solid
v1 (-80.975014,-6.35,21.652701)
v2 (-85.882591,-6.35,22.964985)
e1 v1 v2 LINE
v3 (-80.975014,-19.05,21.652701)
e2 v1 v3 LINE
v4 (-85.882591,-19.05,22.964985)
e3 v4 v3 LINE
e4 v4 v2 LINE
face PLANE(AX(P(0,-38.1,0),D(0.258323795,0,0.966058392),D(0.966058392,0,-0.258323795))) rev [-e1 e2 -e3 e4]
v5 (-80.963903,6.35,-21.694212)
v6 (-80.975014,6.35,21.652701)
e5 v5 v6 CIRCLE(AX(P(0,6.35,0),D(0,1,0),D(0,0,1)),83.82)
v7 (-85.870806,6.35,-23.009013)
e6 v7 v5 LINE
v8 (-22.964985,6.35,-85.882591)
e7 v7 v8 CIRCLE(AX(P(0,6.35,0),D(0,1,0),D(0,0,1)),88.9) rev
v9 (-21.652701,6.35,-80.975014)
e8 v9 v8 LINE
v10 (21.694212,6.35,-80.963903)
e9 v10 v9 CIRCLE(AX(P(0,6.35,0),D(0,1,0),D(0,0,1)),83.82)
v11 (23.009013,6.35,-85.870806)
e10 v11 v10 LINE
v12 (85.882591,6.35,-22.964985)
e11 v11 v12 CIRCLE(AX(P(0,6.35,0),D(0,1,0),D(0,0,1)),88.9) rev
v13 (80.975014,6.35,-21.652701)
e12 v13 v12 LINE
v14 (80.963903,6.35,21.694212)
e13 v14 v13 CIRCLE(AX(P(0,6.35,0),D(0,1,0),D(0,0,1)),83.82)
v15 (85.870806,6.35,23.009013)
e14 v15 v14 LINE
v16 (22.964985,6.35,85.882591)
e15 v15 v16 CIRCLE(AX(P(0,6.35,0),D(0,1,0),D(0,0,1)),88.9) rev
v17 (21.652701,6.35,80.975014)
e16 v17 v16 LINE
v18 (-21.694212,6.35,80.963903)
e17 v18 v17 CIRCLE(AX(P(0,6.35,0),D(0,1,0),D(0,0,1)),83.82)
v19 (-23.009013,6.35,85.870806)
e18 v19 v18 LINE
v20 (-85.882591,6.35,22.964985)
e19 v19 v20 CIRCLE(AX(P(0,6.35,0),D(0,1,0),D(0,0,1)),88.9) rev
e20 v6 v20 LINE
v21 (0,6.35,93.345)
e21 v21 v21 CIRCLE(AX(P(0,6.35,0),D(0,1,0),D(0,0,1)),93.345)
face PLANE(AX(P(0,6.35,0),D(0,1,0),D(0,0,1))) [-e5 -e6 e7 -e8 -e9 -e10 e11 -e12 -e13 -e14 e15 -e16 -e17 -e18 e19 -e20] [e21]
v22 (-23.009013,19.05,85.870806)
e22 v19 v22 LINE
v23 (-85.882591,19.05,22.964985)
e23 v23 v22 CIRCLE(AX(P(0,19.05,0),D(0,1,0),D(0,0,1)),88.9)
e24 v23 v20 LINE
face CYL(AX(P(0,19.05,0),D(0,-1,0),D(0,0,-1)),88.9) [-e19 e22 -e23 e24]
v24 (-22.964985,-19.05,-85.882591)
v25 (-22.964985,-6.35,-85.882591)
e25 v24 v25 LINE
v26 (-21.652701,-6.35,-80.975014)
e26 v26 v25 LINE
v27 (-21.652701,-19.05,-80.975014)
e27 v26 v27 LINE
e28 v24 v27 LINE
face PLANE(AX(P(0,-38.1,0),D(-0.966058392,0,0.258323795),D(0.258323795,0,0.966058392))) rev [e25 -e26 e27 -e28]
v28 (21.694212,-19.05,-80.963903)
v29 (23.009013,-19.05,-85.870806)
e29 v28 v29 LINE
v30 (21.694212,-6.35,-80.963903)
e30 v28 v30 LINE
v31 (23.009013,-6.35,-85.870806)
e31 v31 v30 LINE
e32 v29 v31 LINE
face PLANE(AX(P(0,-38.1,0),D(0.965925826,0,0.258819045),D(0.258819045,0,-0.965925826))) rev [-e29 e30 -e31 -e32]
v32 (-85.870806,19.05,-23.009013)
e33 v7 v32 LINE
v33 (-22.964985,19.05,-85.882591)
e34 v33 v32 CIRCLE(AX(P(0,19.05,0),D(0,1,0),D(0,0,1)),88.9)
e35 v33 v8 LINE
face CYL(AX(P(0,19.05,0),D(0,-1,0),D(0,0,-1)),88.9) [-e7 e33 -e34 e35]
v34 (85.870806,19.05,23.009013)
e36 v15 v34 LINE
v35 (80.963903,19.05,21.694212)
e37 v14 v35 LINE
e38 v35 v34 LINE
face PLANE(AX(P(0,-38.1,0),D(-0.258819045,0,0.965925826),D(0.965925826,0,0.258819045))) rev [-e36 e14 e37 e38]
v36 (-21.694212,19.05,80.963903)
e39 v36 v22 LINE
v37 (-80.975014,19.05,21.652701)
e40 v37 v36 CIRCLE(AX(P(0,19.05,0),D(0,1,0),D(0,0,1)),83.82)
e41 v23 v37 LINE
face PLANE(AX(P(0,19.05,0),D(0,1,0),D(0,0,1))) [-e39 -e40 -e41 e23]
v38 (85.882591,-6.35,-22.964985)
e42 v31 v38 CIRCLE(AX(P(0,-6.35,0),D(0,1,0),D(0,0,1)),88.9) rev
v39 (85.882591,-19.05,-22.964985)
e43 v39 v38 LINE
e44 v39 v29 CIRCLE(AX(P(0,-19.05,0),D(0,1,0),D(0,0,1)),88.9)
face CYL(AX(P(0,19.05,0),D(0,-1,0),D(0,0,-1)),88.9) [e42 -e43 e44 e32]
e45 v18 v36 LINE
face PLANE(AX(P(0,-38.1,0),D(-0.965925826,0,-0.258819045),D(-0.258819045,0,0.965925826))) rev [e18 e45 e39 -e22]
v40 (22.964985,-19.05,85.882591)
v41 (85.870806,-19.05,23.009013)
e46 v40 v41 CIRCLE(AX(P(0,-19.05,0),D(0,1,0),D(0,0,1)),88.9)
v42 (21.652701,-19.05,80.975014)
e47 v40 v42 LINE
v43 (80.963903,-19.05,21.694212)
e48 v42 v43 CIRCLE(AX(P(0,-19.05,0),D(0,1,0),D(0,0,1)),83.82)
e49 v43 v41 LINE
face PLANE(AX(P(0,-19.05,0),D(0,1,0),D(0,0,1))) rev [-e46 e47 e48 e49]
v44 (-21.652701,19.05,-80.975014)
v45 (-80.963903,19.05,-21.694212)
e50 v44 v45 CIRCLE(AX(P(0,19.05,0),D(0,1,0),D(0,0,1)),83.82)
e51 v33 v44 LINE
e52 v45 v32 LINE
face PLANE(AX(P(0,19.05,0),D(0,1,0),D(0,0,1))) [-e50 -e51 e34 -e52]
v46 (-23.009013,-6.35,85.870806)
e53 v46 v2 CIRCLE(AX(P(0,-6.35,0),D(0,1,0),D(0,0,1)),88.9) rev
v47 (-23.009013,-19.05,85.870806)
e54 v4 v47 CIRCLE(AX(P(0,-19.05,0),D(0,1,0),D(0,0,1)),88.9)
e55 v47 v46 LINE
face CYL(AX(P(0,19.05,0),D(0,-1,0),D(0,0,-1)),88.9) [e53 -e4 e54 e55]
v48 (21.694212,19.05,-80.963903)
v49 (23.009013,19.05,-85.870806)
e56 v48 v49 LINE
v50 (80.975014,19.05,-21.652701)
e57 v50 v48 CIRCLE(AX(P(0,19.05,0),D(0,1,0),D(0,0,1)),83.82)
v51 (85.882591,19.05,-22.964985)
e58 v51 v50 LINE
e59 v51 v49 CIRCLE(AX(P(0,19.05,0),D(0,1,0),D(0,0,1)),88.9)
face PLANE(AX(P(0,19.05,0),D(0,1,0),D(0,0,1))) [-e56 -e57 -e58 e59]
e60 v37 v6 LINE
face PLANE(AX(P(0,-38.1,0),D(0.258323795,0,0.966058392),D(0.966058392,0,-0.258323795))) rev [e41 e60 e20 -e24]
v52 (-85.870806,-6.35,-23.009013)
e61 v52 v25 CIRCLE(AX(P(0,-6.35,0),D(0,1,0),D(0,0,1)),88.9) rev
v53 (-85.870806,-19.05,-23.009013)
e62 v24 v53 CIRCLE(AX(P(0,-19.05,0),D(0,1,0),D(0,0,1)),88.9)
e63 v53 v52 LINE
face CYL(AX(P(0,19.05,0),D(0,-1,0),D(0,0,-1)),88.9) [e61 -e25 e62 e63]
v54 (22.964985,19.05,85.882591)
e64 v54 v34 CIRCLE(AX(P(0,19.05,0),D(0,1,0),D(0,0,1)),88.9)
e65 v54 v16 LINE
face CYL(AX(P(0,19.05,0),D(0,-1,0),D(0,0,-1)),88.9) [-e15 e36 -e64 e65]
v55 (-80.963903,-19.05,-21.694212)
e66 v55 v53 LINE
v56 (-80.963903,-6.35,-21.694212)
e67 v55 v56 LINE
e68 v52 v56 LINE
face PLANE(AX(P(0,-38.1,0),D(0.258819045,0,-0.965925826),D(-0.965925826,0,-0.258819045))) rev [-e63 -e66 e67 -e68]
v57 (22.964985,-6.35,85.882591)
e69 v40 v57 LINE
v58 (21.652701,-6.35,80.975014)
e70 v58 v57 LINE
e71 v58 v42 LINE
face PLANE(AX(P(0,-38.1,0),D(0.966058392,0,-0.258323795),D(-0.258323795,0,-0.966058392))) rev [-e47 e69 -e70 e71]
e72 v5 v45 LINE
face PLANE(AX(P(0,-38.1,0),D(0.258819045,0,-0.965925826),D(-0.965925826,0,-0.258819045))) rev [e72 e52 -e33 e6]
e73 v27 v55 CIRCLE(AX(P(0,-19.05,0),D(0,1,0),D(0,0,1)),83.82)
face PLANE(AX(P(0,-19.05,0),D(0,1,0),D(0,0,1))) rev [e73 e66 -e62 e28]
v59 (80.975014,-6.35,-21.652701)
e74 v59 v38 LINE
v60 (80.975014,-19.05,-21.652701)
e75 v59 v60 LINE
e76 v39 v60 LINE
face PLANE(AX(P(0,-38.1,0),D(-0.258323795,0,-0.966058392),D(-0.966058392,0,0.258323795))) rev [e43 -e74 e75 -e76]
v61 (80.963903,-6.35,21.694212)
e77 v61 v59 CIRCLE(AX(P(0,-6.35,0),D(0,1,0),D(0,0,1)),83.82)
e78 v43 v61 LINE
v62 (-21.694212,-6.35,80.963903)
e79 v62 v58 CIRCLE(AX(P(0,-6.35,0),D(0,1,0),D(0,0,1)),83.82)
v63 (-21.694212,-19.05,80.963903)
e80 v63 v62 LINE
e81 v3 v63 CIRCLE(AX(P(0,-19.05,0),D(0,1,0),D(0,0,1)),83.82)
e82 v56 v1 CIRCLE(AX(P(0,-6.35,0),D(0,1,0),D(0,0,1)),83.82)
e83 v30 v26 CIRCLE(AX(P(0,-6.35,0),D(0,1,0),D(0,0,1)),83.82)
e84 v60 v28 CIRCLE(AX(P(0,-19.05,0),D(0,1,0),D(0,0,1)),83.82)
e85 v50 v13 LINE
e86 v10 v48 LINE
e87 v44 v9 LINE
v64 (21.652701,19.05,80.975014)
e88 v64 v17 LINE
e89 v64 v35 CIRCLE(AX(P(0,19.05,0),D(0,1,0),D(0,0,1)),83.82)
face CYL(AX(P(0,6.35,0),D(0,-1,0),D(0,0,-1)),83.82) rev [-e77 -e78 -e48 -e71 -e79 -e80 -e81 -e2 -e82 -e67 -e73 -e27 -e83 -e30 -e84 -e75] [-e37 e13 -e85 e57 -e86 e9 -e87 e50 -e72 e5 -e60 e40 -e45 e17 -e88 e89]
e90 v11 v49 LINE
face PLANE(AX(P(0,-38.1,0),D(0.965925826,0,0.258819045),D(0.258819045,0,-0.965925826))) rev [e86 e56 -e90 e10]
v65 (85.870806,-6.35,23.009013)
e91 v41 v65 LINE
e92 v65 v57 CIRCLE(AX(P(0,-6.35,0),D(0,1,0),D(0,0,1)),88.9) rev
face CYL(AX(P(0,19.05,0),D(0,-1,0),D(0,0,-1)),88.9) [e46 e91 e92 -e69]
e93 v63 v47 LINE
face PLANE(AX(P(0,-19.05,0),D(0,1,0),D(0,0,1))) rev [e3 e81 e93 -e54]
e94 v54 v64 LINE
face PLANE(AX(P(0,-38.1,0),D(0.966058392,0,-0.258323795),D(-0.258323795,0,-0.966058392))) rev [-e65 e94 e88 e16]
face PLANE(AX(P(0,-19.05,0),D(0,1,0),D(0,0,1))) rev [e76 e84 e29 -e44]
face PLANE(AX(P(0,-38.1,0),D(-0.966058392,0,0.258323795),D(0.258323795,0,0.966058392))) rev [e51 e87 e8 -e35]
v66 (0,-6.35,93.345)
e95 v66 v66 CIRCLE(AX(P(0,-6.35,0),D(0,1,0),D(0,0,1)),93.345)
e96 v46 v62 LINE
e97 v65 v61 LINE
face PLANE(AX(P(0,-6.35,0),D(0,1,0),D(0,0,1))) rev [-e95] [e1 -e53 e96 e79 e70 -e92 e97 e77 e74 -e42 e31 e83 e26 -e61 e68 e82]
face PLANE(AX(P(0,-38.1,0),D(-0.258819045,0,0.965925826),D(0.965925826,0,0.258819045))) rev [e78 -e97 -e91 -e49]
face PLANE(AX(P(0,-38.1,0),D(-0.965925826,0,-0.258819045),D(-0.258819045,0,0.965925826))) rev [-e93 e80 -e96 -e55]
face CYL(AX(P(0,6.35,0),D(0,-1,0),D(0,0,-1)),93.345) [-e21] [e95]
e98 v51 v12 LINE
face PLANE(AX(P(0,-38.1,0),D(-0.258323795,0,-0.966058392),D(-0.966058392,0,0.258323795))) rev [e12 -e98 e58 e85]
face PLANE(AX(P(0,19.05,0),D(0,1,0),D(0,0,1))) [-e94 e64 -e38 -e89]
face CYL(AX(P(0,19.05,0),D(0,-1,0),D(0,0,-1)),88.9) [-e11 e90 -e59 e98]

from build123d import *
from build123d.topology import SkipClean

# Parameters (mm, degrees)
SKETCH1_R           = 93.345
SKETCH1_R_2         = 83.82
BOSS_EXTRUDE1_DEPTH = 6.35
SKETCH2_R           = 88.9
SKETCH2_R_2         = 83.82
BOSS_EXTRUDE2_DEPTH = 19.05
CUT_EXTRUDE1_DEPTH  = 38.1
CIRPATTERN1_COUNT   = 4
SKETCH4_R           = 88.9
SKETCH4_R_2         = 83.82
BOSS_EXTRUDE3_DEPTH = 6.35


with BuildPart() as part:
    # Sketch1 → Boss-Extrude1 (new, symmetric)
    with BuildSketch(Plane(origin=(0, 0, 0), x_dir=(1, 0, 0), z_dir=(0, 1, 0))):
        with Locations(Location((0, 0, 0), (0, 0, 270))):
            Circle(SKETCH1_R)
        with Locations(Location((0, 0, 0), (0, 0, 270))):
            Circle(SKETCH1_R_2, mode=Mode.SUBTRACT)
    extrude(amount=BOSS_EXTRUDE1_DEPTH, both=True)

    # Sketch2 → Boss-Extrude2 (add, symmetric)
    with BuildSketch(Plane(origin=(0, 0, 0), x_dir=(1, 0, 0), z_dir=(0, 1, 0))):
        with Locations(Location((0, 0, 0), (0, 0, 90))):
            Circle(SKETCH2_R)
        with Locations(Location((0, 0, 0), (0, 0, 270))):
            Circle(SKETCH2_R_2, mode=Mode.SUBTRACT)
    extrude(amount=BOSS_EXTRUDE2_DEPTH, both=True)

    # Sketch3 → Cut-Extrude1 (cut, symmetric)
    with BuildSketch(Plane(origin=(0, 0, 0), x_dir=(1, 0, 0), z_dir=(0, 1, 0))):
        with BuildLine():
            Line((0, 0), (-22.96498538, 85.882591056))
            ThreePointArc((-22.96498538, 85.882591056), (0.022788865, 88.899997079), (23.00901311, 85.870805957))
            Line((23.00901311, 85.870805957), (0, 0))
        make_face()
    cut_extrude1 = extrude(amount=CUT_EXTRUDE1_DEPTH, both=True, mode=Mode.SUBTRACT)

    # CirPattern1: Cut-Extrude1 ×4 about axis
    cirpattern1_axis = Axis((0, 19.05, 0), (0, -1, 0))
    for i in range(1, CIRPATTERN1_COUNT):
        add(cut_extrude1.rotate(cirpattern1_axis, i * 360 / CIRPATTERN1_COUNT), mode=Mode.SUBTRACT)

    # Sketch4 → Boss-Extrude3 (add, symmetric)
    with SkipClean():  # the faces are left unmerged after this step: merging them gives an invalid solid
        with BuildSketch(Plane(origin=(0, 0, 0), x_dir=(1, 0, 0), z_dir=(0, 1, 0))):
            Circle(SKETCH4_R)
            with Locations(Location((0, 0, 0), (0, 0, 104.970625291))):
                Circle(SKETCH4_R_2, mode=Mode.SUBTRACT)
        extrude(amount=BOSS_EXTRUDE3_DEPTH, both=True)


solid = part.part
